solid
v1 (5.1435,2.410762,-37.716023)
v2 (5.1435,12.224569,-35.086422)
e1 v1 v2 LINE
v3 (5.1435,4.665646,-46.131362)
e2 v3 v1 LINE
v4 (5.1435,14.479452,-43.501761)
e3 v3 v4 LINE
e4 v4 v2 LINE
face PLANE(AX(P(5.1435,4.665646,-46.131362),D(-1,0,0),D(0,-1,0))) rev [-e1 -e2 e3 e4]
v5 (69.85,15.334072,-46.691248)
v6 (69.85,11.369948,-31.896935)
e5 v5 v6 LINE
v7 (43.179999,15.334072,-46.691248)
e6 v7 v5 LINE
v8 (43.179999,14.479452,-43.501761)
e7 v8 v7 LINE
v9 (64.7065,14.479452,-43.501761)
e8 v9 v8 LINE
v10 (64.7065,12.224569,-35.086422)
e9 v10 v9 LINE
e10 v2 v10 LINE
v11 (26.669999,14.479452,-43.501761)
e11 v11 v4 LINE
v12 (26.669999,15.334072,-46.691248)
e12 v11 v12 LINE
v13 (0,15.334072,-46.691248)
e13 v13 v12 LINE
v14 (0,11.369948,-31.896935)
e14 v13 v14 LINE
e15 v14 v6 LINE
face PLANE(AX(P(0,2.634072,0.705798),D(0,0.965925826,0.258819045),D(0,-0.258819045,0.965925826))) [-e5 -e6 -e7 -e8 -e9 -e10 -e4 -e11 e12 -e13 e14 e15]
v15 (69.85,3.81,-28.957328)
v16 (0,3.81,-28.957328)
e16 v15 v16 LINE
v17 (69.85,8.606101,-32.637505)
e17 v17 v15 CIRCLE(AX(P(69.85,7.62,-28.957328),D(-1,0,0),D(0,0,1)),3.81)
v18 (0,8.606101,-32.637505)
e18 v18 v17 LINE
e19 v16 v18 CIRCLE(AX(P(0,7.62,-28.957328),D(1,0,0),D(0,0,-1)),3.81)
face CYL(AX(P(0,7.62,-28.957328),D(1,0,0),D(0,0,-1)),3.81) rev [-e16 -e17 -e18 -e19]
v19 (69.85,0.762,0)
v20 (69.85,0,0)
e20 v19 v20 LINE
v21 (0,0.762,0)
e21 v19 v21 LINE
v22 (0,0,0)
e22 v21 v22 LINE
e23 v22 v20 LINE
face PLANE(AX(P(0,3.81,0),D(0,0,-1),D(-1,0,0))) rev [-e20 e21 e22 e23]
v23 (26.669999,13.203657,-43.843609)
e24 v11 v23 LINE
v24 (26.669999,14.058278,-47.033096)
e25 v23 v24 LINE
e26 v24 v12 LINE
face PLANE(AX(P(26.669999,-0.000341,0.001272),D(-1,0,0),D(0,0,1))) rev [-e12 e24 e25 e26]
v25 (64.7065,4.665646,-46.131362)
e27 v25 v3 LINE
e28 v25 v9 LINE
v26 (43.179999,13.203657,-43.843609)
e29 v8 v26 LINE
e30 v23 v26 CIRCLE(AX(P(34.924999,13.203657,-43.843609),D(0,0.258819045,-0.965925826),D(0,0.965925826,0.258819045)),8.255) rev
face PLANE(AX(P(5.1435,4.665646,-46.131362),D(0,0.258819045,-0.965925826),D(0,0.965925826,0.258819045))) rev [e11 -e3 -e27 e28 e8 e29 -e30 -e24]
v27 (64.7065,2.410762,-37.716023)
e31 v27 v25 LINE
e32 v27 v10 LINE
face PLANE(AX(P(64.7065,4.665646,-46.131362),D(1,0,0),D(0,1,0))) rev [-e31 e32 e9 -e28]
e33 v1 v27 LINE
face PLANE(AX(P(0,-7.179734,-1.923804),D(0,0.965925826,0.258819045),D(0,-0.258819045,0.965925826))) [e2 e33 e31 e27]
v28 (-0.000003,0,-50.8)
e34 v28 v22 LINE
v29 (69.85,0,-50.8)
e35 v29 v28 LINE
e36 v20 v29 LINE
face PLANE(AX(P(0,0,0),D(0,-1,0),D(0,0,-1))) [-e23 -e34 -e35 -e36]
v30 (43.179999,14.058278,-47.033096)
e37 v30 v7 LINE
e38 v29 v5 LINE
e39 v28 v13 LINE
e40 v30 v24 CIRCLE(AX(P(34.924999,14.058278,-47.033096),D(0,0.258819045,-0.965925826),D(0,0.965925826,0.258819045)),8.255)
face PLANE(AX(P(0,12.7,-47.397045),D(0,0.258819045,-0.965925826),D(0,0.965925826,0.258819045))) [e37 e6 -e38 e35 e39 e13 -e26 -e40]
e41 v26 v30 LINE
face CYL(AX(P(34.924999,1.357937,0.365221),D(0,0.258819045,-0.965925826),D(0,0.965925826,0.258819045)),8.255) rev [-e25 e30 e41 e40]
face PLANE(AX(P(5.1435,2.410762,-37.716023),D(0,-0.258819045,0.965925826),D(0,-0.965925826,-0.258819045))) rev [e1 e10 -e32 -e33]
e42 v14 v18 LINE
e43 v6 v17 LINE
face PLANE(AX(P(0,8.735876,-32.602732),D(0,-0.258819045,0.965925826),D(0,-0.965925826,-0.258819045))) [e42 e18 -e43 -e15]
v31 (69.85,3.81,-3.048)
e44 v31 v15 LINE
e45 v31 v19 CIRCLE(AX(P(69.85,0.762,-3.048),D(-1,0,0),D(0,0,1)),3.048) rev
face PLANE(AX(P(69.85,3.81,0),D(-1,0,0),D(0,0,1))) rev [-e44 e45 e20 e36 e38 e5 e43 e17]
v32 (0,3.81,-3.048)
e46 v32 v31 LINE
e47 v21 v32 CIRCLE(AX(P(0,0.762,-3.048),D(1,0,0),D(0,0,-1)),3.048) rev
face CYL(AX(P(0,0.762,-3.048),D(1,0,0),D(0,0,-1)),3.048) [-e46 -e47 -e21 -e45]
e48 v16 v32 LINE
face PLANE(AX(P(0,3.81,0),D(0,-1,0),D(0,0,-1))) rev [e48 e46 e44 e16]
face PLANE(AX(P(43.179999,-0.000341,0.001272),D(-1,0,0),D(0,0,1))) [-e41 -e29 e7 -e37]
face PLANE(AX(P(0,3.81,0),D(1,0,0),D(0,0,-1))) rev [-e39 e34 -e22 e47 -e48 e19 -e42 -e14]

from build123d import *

# Parameters (mm, degrees)
SKETCH1_W              = 69.85
SKETCH1_H              = 50.8
BASE_DEPTH             = 3.81
PHONE_SUPPORT_DEPTH    = 69.85
FRONT_FACE_CUT_DEPTH   = 88.719987912
SKETCH4_W              = 59.563
SKETCH4_H              = 8.7122
PHONE_SLOT_DEPTH       = 10.16
HOME_BUTTON_HOLE_REACH = 87.363
FILLET1_R              = 3.81
FILLET2_R              = 3.048


with BuildPart() as part:
    # Sketch1 → Base (new body)
    with BuildSketch(Plane(origin=(0, 0, 0), x_dir=(1, 0, 0), z_dir=(0, 1, 0))):
        with Locations((34.925, 25.4)):
            Rectangle(SKETCH1_W, SKETCH1_H)
    extrude(amount=BASE_DEPTH)

    # Sketch2 → Phone support (add, through all)
    with BuildSketch(Plane(origin=(69.85, 0, 0), x_dir=(0, 0, -1), z_dir=(1, 0, 0))):
        Polygon((33.922616542, 3.81), (49.779113577, 3.81), (46.691247659, 15.334072492), (31.896934518, 11.369948234), align=None)
    extrude(amount=-PHONE_SUPPORT_DEPTH)

    # Sketch3 → Front face cut (cut, through all)
    with BuildSketch(Plane(origin=(69.85, 0, 0), x_dir=(0, 0, -1), z_dir=(1, 0, 0))):
        Polygon((50.8, 0), (49.779113577, 3.81), (50.8, 3.81), align=None)
    extrude(amount=-FRONT_FACE_CUT_DEPTH, mode=Mode.SUBTRACT)

    # Sketch4 → Phone slot (cut)
    with BuildSketch(Plane(origin=(0, 2.634072492, 0.705797597), x_dir=(1, 0, 0), z_dir=(0, 0.96592582628907, 0.2588190451025147))):
        with Locations((34.925, 41.410931975)):
            Rectangle(SKETCH4_W, SKETCH4_H)
    extrude(amount=-PHONE_SLOT_DEPTH, mode=Mode.SUBTRACT)

    # Sketch5 → Home button hole (cut, up to next)
    with BuildSketch(Plane(origin=(0, 12.7, -47.397045256), x_dir=(-1, 0, 0), z_dir=(0, 0.2588190451025147, -0.96592582628907)), mode=Mode.PRIVATE) as home_button_hole_sk1:
        with BuildLine():
            ThreePointArc((-43.17999875, 1.406192509), (-40.762165229, -4.43097397), (-34.92499875, -6.848807491))
            Line((-34.92499875, -6.848807491), (-34.92499875, 1.406192509))
            Line((-34.92499875, 1.406192509), (-43.17999875, 1.406192509))
        make_face()
    home_button_hole_tool1 = extrude(home_button_hole_sk1.sketch, amount=-HOME_BUTTON_HOLE_REACH, mode=Mode.PRIVATE) & part.part
    # Sketch5 → Home button hole (cut, up to next)
    with BuildSketch(Plane(origin=(0, 12.7, -47.397045256), x_dir=(-1, 0, 0), z_dir=(0, 0.2588190451025147, -0.96592582628907)), mode=Mode.PRIVATE) as home_button_hole_sk2:
        with BuildLine():
            Line((-34.92499875, 1.406192509), (-34.92499875, -6.848807491))
            ThreePointArc((-34.92499875, -6.848807491), (-29.087832271, -4.43097397), (-26.66999875, 1.406192509))
            Line((-26.66999875, 1.406192509), (-34.92499875, 1.406192509))
        make_face()
    home_button_hole_tool2 = extrude(home_button_hole_sk2.sketch, amount=-HOME_BUTTON_HOLE_REACH, mode=Mode.PRIVATE) & part.part
    # Sketch5 → Home button hole (cut, up to next)
    with BuildSketch(Plane(origin=(0, 12.7, -47.397045256), x_dir=(-1, 0, 0), z_dir=(0, 0.2588190451025147, -0.96592582628907)), mode=Mode.PRIVATE) as home_button_hole_sk3:
        with BuildLine():
            ThreePointArc((-43.17999875, 1.406192509), (-40.762165229, -4.43097397), (-34.92499875, -6.848807491))
            Line((-34.92499875, -6.848807491), (-34.92499875, 1.406192509))
            Line((-34.92499875, 1.406192509), (-43.17999875, 1.406192509))
        make_face()
    home_button_hole_tool3 = extrude(home_button_hole_sk3.sketch, amount=-HOME_BUTTON_HOLE_REACH, mode=Mode.PRIVATE) & part.part
    # Sketch5 → Home button hole (cut, up to next)
    with BuildSketch(Plane(origin=(0, 12.7, -47.397045256), x_dir=(-1, 0, 0), z_dir=(0, 0.2588190451025147, -0.96592582628907)), mode=Mode.PRIVATE) as home_button_hole_sk4:
        with BuildLine():
            Line((-34.92499875, 1.406192509), (-34.92499875, -6.848807491))
            ThreePointArc((-34.92499875, -6.848807491), (-29.087832271, -4.43097397), (-26.66999875, 1.406192509))
            Line((-26.66999875, 1.406192509), (-34.92499875, 1.406192509))
        make_face()
    home_button_hole_tool4 = extrude(home_button_hole_sk4.sketch, amount=-HOME_BUTTON_HOLE_REACH, mode=Mode.PRIVATE) & part.part
    # Sketch5 → Home button hole (cut, up to next)
    with BuildSketch(Plane(origin=(0, 12.7, -47.397045256), x_dir=(-1, 0, 0), z_dir=(0, 0.2588190451025147, -0.96592582628907)), mode=Mode.PRIVATE) as home_button_hole_sk5:
        with BuildLine():
            Line((-43.17999875, 1.406192509), (-34.92499875, 1.406192509))
            Line((-34.92499875, 1.406192509), (-34.92499875, 2.726992509))
            Line((-34.92499875, 2.726992509), (-43.073649703, 2.726992509))
            ThreePointArc((-43.073649703, 2.726992509), (-43.153368534, 2.068729821), (-43.17999875, 1.406192509))
        make_face()
    home_button_hole_tool5 = extrude(home_button_hole_sk5.sketch, amount=-HOME_BUTTON_HOLE_REACH, mode=Mode.PRIVATE) & part.part
    # Sketch5 → Home button hole (cut, up to next)
    with BuildSketch(Plane(origin=(0, 12.7, -47.397045256), x_dir=(-1, 0, 0), z_dir=(0, 0.2588190451025147, -0.96592582628907)), mode=Mode.PRIVATE) as home_button_hole_sk6:
        with BuildLine():
            Line((-34.92499875, 2.726992509), (-34.92499875, 1.406192509))
            Line((-34.92499875, 1.406192509), (-26.66999875, 1.406192509))
            ThreePointArc((-26.66999875, 1.406192509), (-26.696628966, 2.068729821), (-26.776347797, 2.726992509))
            Line((-26.776347797, 2.726992509), (-34.92499875, 2.726992509))
        make_face()
    home_button_hole_tool6 = extrude(home_button_hole_sk6.sketch, amount=-HOME_BUTTON_HOLE_REACH, mode=Mode.PRIVATE) & part.part
    # Sketch5 → Home button hole (cut, up to next)
    with BuildSketch(Plane(origin=(0, 12.7, -47.397045256), x_dir=(-1, 0, 0), z_dir=(0, 0.2588190451025147, -0.96592582628907)), mode=Mode.PRIVATE) as home_button_hole_sk7:
        with BuildLine():
            Line((-43.17999875, 1.406192509), (-34.92499875, 1.406192509))
            Line((-34.92499875, 1.406192509), (-34.92499875, 2.726992509))
            Line((-34.92499875, 2.726992509), (-43.073649703, 2.726992509))
            ThreePointArc((-43.073649703, 2.726992509), (-43.153368534, 2.068729821), (-43.17999875, 1.406192509))
        make_face()
    home_button_hole_tool7 = extrude(home_button_hole_sk7.sketch, amount=-HOME_BUTTON_HOLE_REACH, mode=Mode.PRIVATE) & part.part
    # Sketch5 → Home button hole (cut, up to next)
    with BuildSketch(Plane(origin=(0, 12.7, -47.397045256), x_dir=(-1, 0, 0), z_dir=(0, 0.2588190451025147, -0.96592582628907)), mode=Mode.PRIVATE) as home_button_hole_sk8:
        with BuildLine():
            Line((-34.92499875, 2.726992509), (-34.92499875, 1.406192509))
            Line((-34.92499875, 1.406192509), (-26.66999875, 1.406192509))
            ThreePointArc((-26.66999875, 1.406192509), (-26.696628966, 2.068729821), (-26.776347797, 2.726992509))
            Line((-26.776347797, 2.726992509), (-34.92499875, 2.726992509))
        make_face()
    home_button_hole_tool8 = extrude(home_button_hole_sk8.sketch, amount=-HOME_BUTTON_HOLE_REACH, mode=Mode.PRIVATE) & part.part
    # Sketch5 → Home button hole (cut, up to next)
    with BuildSketch(Plane(origin=(0, 12.7, -47.397045256), x_dir=(-1, 0, 0), z_dir=(0, 0.2588190451025147, -0.96592582628907)), mode=Mode.PRIVATE) as home_button_hole_sk9:
        with BuildLine():
            Line((-43.17999875, 2.726992509), (-43.17999875, 1.406192509))
            ThreePointArc((-43.17999875, 1.406192509), (-43.153368534, 2.068729821), (-43.073649703, 2.726992509))
            Line((-43.073649703, 2.726992509), (-43.17999875, 2.726992509))
        make_face()
    home_button_hole_tool9 = extrude(home_button_hole_sk9.sketch, amount=-HOME_BUTTON_HOLE_REACH, mode=Mode.PRIVATE) & part.part
    # Sketch5 → Home button hole (cut, up to next)
    with BuildSketch(Plane(origin=(0, 12.7, -47.397045256), x_dir=(-1, 0, 0), z_dir=(0, 0.2588190451025147, -0.96592582628907)), mode=Mode.PRIVATE) as home_button_hole_sk10:
        with BuildLine():
            ThreePointArc((-26.776347797, 2.726992509), (-26.696628966, 2.068729821), (-26.66999875, 1.406192509))
            Line((-26.66999875, 1.406192509), (-26.66999875, 2.726992509))
            Line((-26.66999875, 2.726992509), (-26.776347797, 2.726992509))
        make_face()
    home_button_hole_tool10 = extrude(home_button_hole_sk10.sketch, amount=-HOME_BUTTON_HOLE_REACH, mode=Mode.PRIVATE) & part.part
    add(home_button_hole_tool1.solids().sort_by_distance((38.42853, 10.674127, -47.939876))[0], mode=Mode.SUBTRACT)
    add(home_button_hole_tool2.solids().sort_by_distance((31.421468, 10.674127, -47.939876))[0], mode=Mode.SUBTRACT)
    add(home_button_hole_tool3.solids().sort_by_distance((38.42853, 10.674127, -47.939876))[0], mode=Mode.SUBTRACT)
    add(home_button_hole_tool4.solids().sort_by_distance((31.421468, 10.674127, -47.939876))[0], mode=Mode.SUBTRACT)
    add(home_button_hole_tool5.solids().sort_by_distance((39.034881, 14.694801, -46.86254))[0], mode=Mode.SUBTRACT)
    add(home_button_hole_tool6.solids().sort_by_distance((30.815117, 14.694801, -46.86254))[0], mode=Mode.SUBTRACT)
    add(home_button_hole_tool7.solids().sort_by_distance((39.034881, 14.694801, -46.86254))[0], mode=Mode.SUBTRACT)
    add(home_button_hole_tool8.solids().sort_by_distance((30.815117, 14.694801, -46.86254))[0], mode=Mode.SUBTRACT)
    add(home_button_hole_tool9.solids().sort_by_distance((43.14813, 15.015536, -46.776599))[0], mode=Mode.SUBTRACT)
    add(home_button_hole_tool10.solids().sort_by_distance((26.701868, 15.015536, -46.776599))[0], mode=Mode.SUBTRACT)

    # Fillet1
    fillet1_edges = [part.edges().sort_by_distance(p)[0] for p in [
        (34.925, 3.81, -33.922616542),
    ]]
    fillet(fillet1_edges, radius=FILLET1_R)

    # Fillet2
    fillet2_edges = [part.edges().sort_by_distance(p)[0] for p in [
        (34.925, 3.81, 0),
    ]]
    fillet(fillet2_edges, radius=FILLET2_R)


solid = part.part
